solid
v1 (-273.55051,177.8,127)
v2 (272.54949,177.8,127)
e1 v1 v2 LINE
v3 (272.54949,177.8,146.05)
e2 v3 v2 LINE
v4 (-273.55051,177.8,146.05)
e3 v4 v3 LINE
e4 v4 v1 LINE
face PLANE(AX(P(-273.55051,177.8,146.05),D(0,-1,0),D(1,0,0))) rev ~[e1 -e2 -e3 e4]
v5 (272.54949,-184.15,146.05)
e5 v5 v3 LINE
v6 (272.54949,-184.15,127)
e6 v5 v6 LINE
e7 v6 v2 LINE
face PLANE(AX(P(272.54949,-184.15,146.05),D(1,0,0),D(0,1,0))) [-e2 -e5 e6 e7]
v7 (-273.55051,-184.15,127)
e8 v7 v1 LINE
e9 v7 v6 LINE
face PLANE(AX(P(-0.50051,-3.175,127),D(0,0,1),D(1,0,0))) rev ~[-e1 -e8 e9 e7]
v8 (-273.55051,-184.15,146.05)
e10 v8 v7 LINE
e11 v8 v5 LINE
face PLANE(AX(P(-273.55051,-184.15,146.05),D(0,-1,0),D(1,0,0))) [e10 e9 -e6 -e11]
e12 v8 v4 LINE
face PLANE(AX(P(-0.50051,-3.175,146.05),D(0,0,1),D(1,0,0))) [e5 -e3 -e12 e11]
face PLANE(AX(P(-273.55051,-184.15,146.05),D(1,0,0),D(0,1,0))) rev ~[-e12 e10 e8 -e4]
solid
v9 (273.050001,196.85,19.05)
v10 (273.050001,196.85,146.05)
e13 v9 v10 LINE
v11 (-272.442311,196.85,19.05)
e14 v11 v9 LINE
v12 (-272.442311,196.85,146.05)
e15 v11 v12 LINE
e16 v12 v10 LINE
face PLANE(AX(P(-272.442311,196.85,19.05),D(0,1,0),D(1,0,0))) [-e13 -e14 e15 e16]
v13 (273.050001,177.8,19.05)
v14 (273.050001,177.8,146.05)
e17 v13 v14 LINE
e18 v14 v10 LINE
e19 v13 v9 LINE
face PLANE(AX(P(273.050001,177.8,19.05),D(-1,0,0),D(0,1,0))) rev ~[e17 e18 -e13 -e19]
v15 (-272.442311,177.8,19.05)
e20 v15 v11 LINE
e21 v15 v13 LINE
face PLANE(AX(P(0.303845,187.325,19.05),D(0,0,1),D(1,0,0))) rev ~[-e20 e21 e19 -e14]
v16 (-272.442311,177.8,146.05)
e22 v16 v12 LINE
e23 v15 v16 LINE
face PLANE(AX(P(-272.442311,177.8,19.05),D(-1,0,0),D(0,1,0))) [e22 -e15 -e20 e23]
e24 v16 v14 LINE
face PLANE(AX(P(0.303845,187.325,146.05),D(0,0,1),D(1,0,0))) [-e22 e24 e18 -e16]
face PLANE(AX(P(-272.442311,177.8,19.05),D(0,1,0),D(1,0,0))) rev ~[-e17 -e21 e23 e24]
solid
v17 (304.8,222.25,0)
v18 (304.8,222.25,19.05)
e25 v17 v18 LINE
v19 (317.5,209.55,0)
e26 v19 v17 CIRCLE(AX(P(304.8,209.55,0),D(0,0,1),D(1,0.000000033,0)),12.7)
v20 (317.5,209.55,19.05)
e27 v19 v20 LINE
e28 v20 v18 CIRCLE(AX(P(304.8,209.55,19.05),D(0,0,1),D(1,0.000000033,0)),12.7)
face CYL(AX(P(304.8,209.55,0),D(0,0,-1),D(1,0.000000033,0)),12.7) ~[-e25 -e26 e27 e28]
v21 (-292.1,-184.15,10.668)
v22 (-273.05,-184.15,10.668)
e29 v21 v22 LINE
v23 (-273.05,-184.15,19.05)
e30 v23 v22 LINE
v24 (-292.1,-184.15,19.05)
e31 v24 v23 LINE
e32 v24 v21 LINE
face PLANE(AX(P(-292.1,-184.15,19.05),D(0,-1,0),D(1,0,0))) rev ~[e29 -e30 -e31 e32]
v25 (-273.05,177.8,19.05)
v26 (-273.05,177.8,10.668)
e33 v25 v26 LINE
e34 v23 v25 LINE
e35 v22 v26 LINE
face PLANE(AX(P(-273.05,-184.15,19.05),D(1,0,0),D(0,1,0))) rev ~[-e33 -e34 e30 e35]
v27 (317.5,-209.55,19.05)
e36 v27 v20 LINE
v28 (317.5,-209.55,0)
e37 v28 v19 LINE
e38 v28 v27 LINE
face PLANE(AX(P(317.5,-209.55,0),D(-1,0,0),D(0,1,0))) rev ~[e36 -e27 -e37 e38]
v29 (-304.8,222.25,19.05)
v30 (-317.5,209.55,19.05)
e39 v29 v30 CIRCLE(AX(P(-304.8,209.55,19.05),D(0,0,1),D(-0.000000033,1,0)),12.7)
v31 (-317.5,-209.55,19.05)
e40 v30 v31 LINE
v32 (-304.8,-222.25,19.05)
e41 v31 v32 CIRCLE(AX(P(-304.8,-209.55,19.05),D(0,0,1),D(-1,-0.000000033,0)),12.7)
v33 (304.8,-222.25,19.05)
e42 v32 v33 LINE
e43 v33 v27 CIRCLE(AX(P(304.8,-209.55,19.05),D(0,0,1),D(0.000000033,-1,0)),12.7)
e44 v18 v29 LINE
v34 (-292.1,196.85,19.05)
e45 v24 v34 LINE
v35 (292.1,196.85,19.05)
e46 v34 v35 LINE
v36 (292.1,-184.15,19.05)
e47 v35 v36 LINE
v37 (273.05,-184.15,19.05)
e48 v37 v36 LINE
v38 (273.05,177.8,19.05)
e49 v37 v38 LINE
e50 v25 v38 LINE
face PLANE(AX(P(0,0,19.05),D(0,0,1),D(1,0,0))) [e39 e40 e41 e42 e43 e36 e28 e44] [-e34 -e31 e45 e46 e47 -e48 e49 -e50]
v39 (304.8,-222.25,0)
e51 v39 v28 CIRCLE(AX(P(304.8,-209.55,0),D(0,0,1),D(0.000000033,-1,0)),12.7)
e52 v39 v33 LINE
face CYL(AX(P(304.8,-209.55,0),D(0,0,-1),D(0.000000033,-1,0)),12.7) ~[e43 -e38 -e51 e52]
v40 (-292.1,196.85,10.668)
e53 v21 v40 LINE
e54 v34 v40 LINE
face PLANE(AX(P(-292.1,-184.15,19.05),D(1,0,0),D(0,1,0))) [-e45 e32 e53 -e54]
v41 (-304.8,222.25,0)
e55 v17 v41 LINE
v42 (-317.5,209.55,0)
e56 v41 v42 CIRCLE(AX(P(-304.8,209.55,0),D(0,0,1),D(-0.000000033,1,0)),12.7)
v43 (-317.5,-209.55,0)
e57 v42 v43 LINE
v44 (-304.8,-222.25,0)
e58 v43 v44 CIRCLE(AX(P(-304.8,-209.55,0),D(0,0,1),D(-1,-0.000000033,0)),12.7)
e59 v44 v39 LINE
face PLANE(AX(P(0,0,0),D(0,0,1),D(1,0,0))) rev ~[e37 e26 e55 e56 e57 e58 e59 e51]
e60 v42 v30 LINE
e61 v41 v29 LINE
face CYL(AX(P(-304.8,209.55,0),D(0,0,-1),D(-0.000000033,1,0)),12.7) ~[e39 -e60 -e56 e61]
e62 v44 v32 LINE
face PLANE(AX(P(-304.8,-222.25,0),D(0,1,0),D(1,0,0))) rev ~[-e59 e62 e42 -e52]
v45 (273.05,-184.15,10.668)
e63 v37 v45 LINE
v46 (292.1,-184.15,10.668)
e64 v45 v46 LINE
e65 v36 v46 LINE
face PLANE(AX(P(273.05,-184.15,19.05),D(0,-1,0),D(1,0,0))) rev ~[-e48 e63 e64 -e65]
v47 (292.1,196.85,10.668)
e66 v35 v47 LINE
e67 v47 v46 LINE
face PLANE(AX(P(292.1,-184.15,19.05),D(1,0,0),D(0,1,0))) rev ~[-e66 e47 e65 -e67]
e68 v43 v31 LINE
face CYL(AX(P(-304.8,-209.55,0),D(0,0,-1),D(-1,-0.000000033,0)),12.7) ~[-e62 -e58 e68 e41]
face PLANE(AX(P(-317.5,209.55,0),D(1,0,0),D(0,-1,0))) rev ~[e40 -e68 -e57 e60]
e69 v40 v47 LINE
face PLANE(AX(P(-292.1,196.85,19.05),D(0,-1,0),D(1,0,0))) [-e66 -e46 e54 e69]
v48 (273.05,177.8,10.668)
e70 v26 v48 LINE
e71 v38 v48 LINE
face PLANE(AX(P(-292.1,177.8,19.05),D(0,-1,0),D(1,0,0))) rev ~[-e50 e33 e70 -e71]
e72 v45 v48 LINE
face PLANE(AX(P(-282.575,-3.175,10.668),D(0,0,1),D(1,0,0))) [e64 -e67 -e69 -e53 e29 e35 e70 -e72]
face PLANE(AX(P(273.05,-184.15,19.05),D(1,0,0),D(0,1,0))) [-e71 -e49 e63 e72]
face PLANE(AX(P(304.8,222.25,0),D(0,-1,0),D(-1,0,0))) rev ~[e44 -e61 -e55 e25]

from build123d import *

# Parameters (mm, degrees)
F1_DEPTH  = 19.05
F2_W      = 584.2
F2_H      = 19.05
F3_DEPTH  = 8.382
F4_W      = 19.05
F4_H      = 361.95
F5_DEPTH  = 8.382
F6_W      = 19.05
F6_H      = 361.95
F7_DEPTH  = 8.382
F8_W      = 545.492311
F8_H      = 19.05
F9_DEPTH  = 127
F10_W     = 546.1
F10_H     = 361.95
F11_DEPTH = 19.05


with BuildPart() as f1:
    # F0 (on Top) → F1 (new body)
    with BuildSketch(Plane.XY):
        with BuildLine():
            Line((304.8, 222.25), (-304.8, 222.25))
            ThreePointArc((-304.8, 222.25), (-313.780256, 218.530256), (-317.5, 209.55))
            Line((-317.5, 209.55), (-317.5, -209.55))
            ThreePointArc((-317.5, -209.55), (-313.780256, -218.530256), (-304.8, -222.25))
            Line((-304.8, -222.25), (304.8, -222.25))
            ThreePointArc((304.8, -222.25), (313.780256, -218.530256), (317.5, -209.55))
            Line((317.5, -209.55), (317.5, 209.55))
            ThreePointArc((317.5, 209.55), (313.780256, 218.530256), (304.8, 222.25))
        make_face()
    extrude(amount=F1_DEPTH)

    # F2 (on face) → F3 (cut)
    with BuildSketch(Plane.XY.offset(19.05)):
        with Locations((0, 187.325)):
            Rectangle(F2_W, F2_H)
    extrude(amount=-F3_DEPTH, mode=Mode.SUBTRACT)

    # F4 (on face) → F5 (cut)
    with BuildSketch(Plane.XY.offset(19.05)):
        with Locations((-282.575, -3.175)):
            Rectangle(F4_W, F4_H)
    extrude(amount=-F5_DEPTH, mode=Mode.SUBTRACT)

    # F6 (on face) → F7 (cut)
    with BuildSketch(Plane.XY.offset(19.05)):
        with Locations((282.575, -3.175)):
            Rectangle(F6_W, F6_H)
    extrude(amount=-F7_DEPTH, mode=Mode.SUBTRACT)


with BuildPart() as f9:
    # F8 (on face) → F9 (new body)
    with BuildSketch(Plane.XY.offset(19.05)):
        with Locations((0.303845, 187.325)):
            Rectangle(F8_W, F8_H)
    extrude(amount=F9_DEPTH)


with BuildPart() as f11:
    # F10 (on face) → F11 (new body)
    with BuildSketch(Plane.XY.offset(146.05)):
        with Locations((-0.50051, -3.175)):
            Rectangle(F10_W, F10_H)
    extrude(amount=-F11_DEPTH)


solid = Compound([f1.part, f9.part, f11.part])
